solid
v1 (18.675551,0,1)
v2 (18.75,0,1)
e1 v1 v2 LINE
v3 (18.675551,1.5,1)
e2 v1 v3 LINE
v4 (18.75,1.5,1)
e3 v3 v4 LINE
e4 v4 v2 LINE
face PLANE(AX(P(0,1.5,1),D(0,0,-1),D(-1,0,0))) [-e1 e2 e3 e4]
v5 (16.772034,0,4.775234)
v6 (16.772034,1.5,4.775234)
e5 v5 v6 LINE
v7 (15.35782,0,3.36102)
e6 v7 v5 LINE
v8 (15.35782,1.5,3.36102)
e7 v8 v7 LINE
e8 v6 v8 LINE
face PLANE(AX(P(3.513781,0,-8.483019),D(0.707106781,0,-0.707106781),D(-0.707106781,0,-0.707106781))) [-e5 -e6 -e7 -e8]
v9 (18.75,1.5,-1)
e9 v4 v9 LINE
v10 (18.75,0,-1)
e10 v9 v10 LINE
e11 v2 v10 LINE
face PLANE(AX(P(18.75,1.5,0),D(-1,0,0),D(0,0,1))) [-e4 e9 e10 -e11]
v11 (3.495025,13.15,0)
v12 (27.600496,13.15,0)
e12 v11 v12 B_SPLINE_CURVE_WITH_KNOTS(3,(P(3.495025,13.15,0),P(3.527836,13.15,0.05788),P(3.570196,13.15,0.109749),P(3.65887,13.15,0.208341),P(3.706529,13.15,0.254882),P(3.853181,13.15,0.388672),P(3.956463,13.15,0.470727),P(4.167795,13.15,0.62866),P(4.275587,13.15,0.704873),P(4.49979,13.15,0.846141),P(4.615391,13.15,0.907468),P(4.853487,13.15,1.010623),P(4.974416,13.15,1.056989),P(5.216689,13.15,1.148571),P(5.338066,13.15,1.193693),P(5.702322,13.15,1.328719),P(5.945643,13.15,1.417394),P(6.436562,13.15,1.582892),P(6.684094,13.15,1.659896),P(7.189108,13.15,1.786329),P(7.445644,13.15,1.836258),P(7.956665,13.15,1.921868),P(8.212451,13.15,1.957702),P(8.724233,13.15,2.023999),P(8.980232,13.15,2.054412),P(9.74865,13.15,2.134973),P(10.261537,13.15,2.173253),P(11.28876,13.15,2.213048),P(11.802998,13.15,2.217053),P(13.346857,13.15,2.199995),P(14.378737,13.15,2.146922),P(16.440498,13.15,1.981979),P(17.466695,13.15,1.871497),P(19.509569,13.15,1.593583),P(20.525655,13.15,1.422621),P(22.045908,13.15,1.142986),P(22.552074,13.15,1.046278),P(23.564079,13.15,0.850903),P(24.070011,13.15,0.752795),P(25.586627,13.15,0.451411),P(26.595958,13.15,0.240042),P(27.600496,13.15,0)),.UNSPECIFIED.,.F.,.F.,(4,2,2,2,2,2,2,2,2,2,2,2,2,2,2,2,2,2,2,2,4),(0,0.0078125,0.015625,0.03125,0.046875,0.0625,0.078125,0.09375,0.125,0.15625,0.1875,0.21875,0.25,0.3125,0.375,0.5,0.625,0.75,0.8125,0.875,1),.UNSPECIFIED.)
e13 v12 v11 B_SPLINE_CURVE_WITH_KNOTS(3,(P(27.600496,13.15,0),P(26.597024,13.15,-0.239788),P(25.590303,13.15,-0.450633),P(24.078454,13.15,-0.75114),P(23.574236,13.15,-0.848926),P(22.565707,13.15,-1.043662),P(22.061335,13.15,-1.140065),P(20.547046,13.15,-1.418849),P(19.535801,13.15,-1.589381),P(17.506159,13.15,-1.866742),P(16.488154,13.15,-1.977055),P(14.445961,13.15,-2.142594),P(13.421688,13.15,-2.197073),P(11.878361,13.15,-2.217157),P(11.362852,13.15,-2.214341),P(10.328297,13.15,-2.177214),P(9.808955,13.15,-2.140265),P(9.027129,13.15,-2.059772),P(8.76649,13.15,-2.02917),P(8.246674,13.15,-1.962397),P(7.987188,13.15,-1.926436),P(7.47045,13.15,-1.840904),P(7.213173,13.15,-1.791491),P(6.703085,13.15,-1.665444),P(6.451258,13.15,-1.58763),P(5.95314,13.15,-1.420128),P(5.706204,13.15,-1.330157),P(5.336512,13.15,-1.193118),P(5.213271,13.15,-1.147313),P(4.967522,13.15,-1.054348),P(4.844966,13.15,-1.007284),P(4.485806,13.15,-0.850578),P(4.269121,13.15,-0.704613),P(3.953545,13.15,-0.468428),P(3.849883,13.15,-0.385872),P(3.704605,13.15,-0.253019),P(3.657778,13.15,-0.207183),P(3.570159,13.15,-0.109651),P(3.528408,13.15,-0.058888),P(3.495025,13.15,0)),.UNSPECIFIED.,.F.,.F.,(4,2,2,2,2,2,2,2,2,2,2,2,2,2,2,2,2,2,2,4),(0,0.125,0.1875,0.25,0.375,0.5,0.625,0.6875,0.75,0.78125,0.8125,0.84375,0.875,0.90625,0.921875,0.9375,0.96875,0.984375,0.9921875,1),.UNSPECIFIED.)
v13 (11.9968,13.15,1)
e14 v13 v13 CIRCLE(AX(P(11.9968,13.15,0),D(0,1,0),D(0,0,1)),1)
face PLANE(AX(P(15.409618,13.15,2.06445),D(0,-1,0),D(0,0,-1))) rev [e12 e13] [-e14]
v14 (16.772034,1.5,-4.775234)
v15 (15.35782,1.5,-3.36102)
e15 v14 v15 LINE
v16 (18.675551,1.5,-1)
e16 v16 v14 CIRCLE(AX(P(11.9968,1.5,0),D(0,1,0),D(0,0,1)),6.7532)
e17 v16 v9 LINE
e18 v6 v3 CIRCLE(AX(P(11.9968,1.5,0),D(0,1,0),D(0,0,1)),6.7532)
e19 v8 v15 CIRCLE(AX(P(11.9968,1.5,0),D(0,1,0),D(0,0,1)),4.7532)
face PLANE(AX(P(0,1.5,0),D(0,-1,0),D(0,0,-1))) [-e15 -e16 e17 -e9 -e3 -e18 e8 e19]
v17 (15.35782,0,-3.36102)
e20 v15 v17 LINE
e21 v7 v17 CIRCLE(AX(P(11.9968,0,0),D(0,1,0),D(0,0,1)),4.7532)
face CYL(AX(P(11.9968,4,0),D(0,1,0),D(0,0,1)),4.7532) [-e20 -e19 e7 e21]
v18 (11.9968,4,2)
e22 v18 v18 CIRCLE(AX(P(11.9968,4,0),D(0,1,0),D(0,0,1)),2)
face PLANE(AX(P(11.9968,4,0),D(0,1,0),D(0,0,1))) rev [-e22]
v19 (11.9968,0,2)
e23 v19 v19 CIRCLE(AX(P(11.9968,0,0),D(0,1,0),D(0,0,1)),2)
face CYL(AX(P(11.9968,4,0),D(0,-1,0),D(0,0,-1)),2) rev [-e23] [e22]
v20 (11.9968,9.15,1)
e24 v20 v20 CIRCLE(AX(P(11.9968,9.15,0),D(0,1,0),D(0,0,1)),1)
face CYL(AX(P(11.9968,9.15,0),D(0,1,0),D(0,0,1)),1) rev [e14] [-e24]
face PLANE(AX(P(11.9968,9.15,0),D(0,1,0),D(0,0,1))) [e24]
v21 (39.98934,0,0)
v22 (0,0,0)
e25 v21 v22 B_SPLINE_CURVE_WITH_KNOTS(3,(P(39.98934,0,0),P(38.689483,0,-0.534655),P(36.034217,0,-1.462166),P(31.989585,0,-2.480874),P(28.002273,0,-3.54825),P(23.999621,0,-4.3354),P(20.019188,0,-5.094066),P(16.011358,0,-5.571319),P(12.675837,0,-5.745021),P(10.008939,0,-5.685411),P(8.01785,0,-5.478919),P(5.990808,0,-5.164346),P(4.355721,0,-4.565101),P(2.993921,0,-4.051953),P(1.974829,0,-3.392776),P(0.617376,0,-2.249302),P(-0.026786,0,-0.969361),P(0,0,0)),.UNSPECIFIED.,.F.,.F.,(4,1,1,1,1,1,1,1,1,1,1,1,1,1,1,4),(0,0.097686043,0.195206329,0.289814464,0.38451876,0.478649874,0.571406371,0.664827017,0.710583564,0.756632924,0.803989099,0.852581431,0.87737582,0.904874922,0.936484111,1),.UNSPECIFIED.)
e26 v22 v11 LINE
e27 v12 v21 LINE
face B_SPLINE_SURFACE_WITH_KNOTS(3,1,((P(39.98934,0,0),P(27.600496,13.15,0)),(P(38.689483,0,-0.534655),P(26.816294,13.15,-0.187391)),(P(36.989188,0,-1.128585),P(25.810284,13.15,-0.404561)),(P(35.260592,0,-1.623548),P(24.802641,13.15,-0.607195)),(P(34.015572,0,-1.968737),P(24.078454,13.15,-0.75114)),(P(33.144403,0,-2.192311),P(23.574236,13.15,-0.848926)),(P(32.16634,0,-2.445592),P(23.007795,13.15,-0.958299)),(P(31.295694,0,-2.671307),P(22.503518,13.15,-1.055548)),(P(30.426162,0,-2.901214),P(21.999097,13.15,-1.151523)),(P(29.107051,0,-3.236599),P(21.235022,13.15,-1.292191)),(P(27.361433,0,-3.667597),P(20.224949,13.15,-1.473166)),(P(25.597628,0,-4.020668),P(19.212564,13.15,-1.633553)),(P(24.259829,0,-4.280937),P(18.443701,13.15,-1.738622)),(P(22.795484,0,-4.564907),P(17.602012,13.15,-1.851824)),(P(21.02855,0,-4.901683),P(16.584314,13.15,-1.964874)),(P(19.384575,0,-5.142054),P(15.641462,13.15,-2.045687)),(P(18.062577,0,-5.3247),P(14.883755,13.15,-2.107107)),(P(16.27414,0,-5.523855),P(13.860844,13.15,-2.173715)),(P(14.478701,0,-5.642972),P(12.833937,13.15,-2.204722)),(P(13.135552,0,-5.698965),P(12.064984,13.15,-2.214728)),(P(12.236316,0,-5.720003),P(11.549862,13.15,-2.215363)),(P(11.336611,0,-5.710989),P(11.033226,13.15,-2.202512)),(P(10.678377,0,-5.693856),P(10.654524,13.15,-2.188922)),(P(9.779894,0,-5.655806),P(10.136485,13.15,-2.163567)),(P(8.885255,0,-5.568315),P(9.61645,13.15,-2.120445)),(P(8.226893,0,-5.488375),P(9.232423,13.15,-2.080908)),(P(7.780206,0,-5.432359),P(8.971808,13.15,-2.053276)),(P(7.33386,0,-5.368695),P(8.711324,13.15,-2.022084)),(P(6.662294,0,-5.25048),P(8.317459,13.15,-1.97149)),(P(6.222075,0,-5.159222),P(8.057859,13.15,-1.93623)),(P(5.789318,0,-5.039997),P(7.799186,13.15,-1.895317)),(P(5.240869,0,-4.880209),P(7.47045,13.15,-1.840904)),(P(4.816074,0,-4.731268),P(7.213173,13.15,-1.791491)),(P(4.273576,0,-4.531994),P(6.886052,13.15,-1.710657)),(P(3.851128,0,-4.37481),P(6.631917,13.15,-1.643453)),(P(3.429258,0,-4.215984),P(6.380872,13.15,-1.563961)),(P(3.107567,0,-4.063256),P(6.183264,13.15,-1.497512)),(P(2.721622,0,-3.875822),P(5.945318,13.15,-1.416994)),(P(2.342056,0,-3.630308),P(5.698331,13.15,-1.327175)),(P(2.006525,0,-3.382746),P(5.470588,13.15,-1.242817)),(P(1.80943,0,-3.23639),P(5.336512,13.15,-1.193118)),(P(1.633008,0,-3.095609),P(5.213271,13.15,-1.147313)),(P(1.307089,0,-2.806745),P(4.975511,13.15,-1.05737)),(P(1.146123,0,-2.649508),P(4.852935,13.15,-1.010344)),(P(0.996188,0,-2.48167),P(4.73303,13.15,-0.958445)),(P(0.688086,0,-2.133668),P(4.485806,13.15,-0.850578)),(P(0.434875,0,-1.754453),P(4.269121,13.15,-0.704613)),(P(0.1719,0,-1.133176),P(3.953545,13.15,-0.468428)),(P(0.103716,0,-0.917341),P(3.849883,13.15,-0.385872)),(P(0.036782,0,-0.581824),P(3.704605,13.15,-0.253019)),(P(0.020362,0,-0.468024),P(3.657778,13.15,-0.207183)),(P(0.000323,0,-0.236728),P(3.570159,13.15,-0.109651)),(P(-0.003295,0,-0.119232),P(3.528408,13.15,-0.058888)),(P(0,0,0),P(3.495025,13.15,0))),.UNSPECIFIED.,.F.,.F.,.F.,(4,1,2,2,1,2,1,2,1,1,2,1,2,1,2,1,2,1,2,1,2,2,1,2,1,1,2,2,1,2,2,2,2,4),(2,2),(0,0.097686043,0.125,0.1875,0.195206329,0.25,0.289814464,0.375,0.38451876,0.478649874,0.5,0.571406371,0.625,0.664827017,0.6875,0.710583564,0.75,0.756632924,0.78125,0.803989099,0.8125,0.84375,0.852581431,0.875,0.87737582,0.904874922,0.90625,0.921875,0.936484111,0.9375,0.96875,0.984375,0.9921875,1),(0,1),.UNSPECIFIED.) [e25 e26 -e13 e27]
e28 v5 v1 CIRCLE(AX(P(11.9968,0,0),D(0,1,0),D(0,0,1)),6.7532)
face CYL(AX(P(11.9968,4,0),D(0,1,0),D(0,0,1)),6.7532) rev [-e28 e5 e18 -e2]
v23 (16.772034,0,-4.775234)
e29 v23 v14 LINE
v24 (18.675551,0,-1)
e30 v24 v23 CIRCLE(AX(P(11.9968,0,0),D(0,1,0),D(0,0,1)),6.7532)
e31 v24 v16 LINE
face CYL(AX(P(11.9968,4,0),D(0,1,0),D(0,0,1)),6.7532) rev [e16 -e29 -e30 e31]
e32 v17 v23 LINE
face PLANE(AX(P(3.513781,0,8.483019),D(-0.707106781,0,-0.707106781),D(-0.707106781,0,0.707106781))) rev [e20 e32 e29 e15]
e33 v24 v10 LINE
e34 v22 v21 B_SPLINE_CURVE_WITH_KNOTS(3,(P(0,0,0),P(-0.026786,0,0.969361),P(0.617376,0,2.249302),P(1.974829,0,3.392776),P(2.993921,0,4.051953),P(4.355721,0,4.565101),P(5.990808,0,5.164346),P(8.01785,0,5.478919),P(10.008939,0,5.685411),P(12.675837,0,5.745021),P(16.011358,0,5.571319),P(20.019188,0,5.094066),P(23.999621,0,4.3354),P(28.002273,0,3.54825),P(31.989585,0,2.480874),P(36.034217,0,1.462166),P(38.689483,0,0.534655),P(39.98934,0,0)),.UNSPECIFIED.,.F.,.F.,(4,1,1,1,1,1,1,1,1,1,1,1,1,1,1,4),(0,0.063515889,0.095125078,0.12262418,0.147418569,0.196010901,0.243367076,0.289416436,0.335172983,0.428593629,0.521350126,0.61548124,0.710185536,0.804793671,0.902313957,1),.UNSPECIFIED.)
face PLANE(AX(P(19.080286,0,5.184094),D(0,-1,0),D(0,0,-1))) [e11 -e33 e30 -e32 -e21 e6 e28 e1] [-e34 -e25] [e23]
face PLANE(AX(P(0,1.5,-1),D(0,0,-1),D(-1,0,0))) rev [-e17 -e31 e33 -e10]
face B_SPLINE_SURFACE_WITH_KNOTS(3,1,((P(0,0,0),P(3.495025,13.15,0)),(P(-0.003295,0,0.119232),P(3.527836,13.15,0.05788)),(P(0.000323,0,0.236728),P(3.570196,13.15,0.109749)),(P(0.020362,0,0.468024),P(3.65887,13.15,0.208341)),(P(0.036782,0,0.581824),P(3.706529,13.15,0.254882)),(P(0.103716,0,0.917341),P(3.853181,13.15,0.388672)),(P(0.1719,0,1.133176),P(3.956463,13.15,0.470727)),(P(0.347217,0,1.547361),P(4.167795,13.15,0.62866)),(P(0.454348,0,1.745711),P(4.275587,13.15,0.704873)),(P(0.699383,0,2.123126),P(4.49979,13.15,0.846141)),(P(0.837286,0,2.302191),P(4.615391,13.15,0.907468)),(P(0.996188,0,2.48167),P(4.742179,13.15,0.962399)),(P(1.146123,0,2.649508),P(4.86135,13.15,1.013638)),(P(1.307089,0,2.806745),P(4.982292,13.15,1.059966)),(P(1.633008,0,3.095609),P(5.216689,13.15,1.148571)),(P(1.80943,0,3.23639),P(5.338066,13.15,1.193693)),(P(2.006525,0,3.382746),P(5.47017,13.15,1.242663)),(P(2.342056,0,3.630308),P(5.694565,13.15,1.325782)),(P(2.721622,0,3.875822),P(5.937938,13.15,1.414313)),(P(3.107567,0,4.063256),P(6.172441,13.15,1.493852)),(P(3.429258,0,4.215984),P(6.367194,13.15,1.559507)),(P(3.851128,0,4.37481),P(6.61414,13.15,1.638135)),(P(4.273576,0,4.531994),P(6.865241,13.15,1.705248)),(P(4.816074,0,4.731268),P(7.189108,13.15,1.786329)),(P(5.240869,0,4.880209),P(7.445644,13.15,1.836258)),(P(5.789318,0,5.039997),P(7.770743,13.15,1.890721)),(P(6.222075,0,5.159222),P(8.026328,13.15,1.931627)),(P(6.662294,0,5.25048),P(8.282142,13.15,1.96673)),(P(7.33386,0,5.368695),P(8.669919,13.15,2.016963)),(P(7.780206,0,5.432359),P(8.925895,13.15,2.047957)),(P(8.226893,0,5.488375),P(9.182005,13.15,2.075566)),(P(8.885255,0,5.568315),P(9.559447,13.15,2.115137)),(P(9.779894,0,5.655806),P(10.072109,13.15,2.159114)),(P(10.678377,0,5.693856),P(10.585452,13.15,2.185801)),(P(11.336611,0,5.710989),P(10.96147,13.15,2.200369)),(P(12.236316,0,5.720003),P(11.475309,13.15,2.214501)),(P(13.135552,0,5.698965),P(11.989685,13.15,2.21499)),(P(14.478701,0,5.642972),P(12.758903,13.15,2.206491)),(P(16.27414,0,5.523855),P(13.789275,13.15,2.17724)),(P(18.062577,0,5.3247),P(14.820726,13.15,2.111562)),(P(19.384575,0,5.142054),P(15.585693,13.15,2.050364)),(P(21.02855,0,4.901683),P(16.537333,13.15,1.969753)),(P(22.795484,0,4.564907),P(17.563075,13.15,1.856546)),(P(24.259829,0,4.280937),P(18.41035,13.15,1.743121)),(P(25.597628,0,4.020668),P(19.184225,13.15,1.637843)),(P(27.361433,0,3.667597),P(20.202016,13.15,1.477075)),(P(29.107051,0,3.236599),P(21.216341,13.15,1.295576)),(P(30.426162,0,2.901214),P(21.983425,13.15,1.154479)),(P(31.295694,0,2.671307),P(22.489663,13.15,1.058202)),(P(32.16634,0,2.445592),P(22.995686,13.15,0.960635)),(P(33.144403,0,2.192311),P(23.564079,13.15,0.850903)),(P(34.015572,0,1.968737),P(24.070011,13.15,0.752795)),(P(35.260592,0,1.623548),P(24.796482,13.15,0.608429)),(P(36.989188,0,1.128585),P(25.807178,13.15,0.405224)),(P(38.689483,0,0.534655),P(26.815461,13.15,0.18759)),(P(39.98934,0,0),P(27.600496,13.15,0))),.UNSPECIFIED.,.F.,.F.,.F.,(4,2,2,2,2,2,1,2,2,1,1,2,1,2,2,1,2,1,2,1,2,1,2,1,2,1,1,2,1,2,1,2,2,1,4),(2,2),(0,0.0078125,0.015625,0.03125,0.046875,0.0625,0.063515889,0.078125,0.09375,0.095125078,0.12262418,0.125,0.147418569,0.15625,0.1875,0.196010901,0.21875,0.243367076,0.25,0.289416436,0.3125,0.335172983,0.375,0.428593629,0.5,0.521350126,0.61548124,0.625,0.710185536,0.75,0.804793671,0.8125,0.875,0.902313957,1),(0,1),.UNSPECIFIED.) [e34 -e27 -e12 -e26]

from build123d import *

# Parameters (mm, degrees)
SKETCH_3_R                    = 2
CUT_EXTRUDE_1_DEPTH           = 4
SKETCH_4_R                    = 1
CUT_EXTRUDE_2_DEPTH           = 4
CUT_EXTRUDE_3_DEPTH           = 1.5
SKETCH_7_W                    = 2
SKETCH_7_H                    = 1.5
CUT_REVOLVE_1_ANGLE           = 45
CUT_REVOLVE_1_OTHER_WAY_ANGLE = 45


with BuildPart() as part:
    # Эскиз1 → По сечениям1 section 0
    with BuildSketch(Plane(origin=(0, 0, 0), x_dir=(1, 0, 0), z_dir=(0, 1, 0))):
        with BuildLine():
            add(Edge.make_bspline(
                [(0, 0), (-0.026786257, 0.969360716), (0.61737566, 2.249301934), (1.974829337, 3.392775644), (2.993920842, 4.051952658), (4.355720519, 4.565101355), (5.990808256, 5.164346361), (8.017850303, 5.478919266), (10.008939201, 5.685410864), (12.675837367, 5.745020865), (16.011358195, 5.571319168), (20.019187774, 5.094065908), (23.99962122, 4.335399659), (28.002273256, 3.548249918), (31.989584978, 2.480873774), (36.034216793, 1.4621658), (38.689482894, 0.534654706), (39.98934, 0)],
                knots=[0, 0, 0, 0, 0.063515889, 0.095125078, 0.12262418, 0.147418569, 0.196010901, 0.243367076, 0.289416436, 0.335172983, 0.428593629, 0.521350126, 0.61548124, 0.710185536, 0.804793671, 0.902313957, 1, 1, 1, 1], degree=3))
            add(Edge.make_bspline(
                [(0, 0), (-0.026786257, -0.969360716), (0.61737566, -2.249301934), (1.974829337, -3.392775644), (2.993920842, -4.051952658), (4.355720519, -4.565101355), (5.990808256, -5.164346361), (8.017850303, -5.478919266), (10.008939201, -5.685410864), (12.675837367, -5.745020865), (16.011358195, -5.571319168), (20.019187774, -5.094065908), (23.99962122, -4.335399659), (28.002273256, -3.548249918), (31.989584978, -2.480873774), (36.034216793, -1.4621658), (38.689482894, -0.534654706), (39.98934, 0)],
                knots=[0, 0, 0, 0, 0.063515889, 0.095125078, 0.12262418, 0.147418569, 0.196010901, 0.243367076, 0.289416436, 0.335172983, 0.428593629, 0.521350126, 0.61548124, 0.710185536, 0.804793671, 0.902313957, 1, 1, 1, 1], degree=3))
        make_face()
    # Эскиз2 → По сечениям1 section 1
    with BuildSketch(Plane(origin=(0, 13.15, 0), x_dir=(1, 0, 0), z_dir=(0, 1, 0))):
        with BuildLine():
            add(Edge.make_bspline(
                [(27.600495608, 0), (26.597023876, 0.239787804), (25.590303432, 0.450633429), (24.07845351, 0.751139895), (23.574236087, 0.848926057), (22.565707302, 1.043661503), (22.061334673, 1.140064965), (20.547046456, 1.418849109), (19.535800832, 1.589380729), (17.506159089, 1.866741534), (16.488154051, 1.977054776), (14.445960524, 2.142594028), (13.421688191, 2.197073085), (11.878361295, 2.217156944), (11.362851505, 2.21434148), (10.328296524, 2.177214316), (9.808955229, 2.140264674), (9.027129396, 2.059771774), (8.766490273, 2.029170171), (8.246673774, 1.962396763), (7.98718809, 1.926435537), (7.470450481, 1.84090371), (7.213172633, 1.791491042), (6.703084975, 1.665443783), (6.451257898, 1.58763007), (5.953139588, 1.420127607), (5.706204125, 1.330156877), (5.336512255, 1.193117575), (5.213271138, 1.147312759), (4.967522086, 1.054347625), (4.844966339, 1.007283734), (4.485806342, 0.850578332), (4.26912101, 0.704612862), (3.95354488, 0.468428314), (3.84988299, 0.385871664), (3.704605146, 0.253019135), (3.657777639, 0.207183214), (3.570159407, 0.109650945), (3.528407556, 0.058887646), (3.495024534, 0)],
                knots=[0, 0, 0, 0, 0.125, 0.125, 0.1875, 0.1875, 0.25, 0.25, 0.375, 0.375, 0.5, 0.5, 0.625, 0.625, 0.6875, 0.6875, 0.75, 0.75, 0.78125, 0.78125, 0.8125, 0.8125, 0.84375, 0.84375, 0.875, 0.875, 0.90625, 0.90625, 0.921875, 0.921875, 0.9375, 0.9375, 0.96875, 0.96875, 0.984375, 0.984375, 0.9921875, 0.9921875, 1, 1, 1, 1], degree=3))
            add(Edge.make_bspline(
                [(3.495024534, 0), (3.527836487, -0.057880281), (3.570196415, -0.109749182), (3.658869962, -0.20834136), (3.70652894, -0.254882194), (3.853181237, -0.388672418), (3.956462947, -0.470726548), (4.167794949, -0.628660052), (4.275587446, -0.704873243), (4.499789963, -0.846140938), (4.615390753, -0.907467588), (4.853487439, -1.01062304), (4.974416307, -1.056988781), (5.216688696, -1.148571028), (5.338066313, -1.193693034), (5.702321862, -1.328718991), (5.945643298, -1.417393741), (6.436562197, -1.582891985), (6.684094371, -1.659896431), (7.189108296, -1.786329481), (7.445644373, -1.836258275), (7.9566654, -1.921867633), (8.212450695, -1.957701806), (8.724233006, -2.023999353), (8.980232008, -2.054412341), (9.748649974, -2.134972616), (10.261536754, -2.173252617), (11.288759593, -2.213048165), (11.802997519, -2.217053051), (13.346857368, -2.199994887), (14.378737253, -2.146921583), (16.440497768, -1.981978581), (17.466695193, -1.87149656), (19.509569182, -1.59358314), (20.525655422, -1.422620707), (22.045907717, -1.142986252), (22.552073866, -1.046277871), (23.564078812, -0.850903032), (24.070010899, -0.752794594), (25.586627068, -0.45141053), (26.595958245, -0.240042446), (27.600495608, 0)],
                knots=[0, 0, 0, 0, 0.0078125, 0.0078125, 0.015625, 0.015625, 0.03125, 0.03125, 0.046875, 0.046875, 0.0625, 0.0625, 0.078125, 0.078125, 0.09375, 0.09375, 0.125, 0.125, 0.15625, 0.15625, 0.1875, 0.1875, 0.21875, 0.21875, 0.25, 0.25, 0.3125, 0.3125, 0.375, 0.375, 0.5, 0.5, 0.625, 0.625, 0.75, 0.75, 0.8125, 0.8125, 0.875, 0.875, 1, 1, 1, 1], degree=3))
        make_face()
    loft()

    # Эскиз3 → Вырез-Вытянуть1 (cut)
    with BuildSketch(Plane(origin=(0, 0, 0), x_dir=(1, 0, 0), z_dir=(0, 1, 0))):
        with Locations((11.9968, 0)):
            Circle(SKETCH_3_R)
    extrude(amount=CUT_EXTRUDE_1_DEPTH, mode=Mode.SUBTRACT)

    # Эскиз4 → Вырез-Вытянуть2 (cut)
    with BuildSketch(Plane(origin=(0, 13.15, 0), x_dir=(1, 0, 0), z_dir=(0, 1, 0))):
        with Locations((11.9968, 0)):
            Circle(SKETCH_4_R)
    extrude(amount=-CUT_EXTRUDE_2_DEPTH, mode=Mode.SUBTRACT)

    # Эскиз5 → Вырез-Вытянуть3 (cut)
    with BuildSketch(Plane.XZ):
        Polygon((18.75, 1), (16.75, 1), (16.75, 0), (16.75, -1), (18.75, -1), align=None)
    extrude(amount=-CUT_EXTRUDE_3_DEPTH, mode=Mode.SUBTRACT)

    # Эскиз7 → Вырез-Повернуть1 (revolve, cut)
    with BuildSketch(Plane.XY):
        with Locations((17.75, 0.75)):
            Rectangle(SKETCH_7_W, SKETCH_7_H)
    revolve(axis=Axis((11.9968, 4, 0), (0, -1, 0)), revolution_arc=CUT_REVOLVE_1_ANGLE, mode=Mode.SUBTRACT)

    # Эскиз7 → Вырез-Повернуть1 other way (revolve, cut)
    with BuildSketch(Plane.XY):
        with Locations((17.75, 0.75)):
            Rectangle(SKETCH_7_W, SKETCH_7_H)
    revolve(axis=Axis((11.9968, 4, 0), (0, 1, 0)), revolution_arc=CUT_REVOLVE_1_OTHER_WAY_ANGLE, mode=Mode.SUBTRACT)


solid = part.part
